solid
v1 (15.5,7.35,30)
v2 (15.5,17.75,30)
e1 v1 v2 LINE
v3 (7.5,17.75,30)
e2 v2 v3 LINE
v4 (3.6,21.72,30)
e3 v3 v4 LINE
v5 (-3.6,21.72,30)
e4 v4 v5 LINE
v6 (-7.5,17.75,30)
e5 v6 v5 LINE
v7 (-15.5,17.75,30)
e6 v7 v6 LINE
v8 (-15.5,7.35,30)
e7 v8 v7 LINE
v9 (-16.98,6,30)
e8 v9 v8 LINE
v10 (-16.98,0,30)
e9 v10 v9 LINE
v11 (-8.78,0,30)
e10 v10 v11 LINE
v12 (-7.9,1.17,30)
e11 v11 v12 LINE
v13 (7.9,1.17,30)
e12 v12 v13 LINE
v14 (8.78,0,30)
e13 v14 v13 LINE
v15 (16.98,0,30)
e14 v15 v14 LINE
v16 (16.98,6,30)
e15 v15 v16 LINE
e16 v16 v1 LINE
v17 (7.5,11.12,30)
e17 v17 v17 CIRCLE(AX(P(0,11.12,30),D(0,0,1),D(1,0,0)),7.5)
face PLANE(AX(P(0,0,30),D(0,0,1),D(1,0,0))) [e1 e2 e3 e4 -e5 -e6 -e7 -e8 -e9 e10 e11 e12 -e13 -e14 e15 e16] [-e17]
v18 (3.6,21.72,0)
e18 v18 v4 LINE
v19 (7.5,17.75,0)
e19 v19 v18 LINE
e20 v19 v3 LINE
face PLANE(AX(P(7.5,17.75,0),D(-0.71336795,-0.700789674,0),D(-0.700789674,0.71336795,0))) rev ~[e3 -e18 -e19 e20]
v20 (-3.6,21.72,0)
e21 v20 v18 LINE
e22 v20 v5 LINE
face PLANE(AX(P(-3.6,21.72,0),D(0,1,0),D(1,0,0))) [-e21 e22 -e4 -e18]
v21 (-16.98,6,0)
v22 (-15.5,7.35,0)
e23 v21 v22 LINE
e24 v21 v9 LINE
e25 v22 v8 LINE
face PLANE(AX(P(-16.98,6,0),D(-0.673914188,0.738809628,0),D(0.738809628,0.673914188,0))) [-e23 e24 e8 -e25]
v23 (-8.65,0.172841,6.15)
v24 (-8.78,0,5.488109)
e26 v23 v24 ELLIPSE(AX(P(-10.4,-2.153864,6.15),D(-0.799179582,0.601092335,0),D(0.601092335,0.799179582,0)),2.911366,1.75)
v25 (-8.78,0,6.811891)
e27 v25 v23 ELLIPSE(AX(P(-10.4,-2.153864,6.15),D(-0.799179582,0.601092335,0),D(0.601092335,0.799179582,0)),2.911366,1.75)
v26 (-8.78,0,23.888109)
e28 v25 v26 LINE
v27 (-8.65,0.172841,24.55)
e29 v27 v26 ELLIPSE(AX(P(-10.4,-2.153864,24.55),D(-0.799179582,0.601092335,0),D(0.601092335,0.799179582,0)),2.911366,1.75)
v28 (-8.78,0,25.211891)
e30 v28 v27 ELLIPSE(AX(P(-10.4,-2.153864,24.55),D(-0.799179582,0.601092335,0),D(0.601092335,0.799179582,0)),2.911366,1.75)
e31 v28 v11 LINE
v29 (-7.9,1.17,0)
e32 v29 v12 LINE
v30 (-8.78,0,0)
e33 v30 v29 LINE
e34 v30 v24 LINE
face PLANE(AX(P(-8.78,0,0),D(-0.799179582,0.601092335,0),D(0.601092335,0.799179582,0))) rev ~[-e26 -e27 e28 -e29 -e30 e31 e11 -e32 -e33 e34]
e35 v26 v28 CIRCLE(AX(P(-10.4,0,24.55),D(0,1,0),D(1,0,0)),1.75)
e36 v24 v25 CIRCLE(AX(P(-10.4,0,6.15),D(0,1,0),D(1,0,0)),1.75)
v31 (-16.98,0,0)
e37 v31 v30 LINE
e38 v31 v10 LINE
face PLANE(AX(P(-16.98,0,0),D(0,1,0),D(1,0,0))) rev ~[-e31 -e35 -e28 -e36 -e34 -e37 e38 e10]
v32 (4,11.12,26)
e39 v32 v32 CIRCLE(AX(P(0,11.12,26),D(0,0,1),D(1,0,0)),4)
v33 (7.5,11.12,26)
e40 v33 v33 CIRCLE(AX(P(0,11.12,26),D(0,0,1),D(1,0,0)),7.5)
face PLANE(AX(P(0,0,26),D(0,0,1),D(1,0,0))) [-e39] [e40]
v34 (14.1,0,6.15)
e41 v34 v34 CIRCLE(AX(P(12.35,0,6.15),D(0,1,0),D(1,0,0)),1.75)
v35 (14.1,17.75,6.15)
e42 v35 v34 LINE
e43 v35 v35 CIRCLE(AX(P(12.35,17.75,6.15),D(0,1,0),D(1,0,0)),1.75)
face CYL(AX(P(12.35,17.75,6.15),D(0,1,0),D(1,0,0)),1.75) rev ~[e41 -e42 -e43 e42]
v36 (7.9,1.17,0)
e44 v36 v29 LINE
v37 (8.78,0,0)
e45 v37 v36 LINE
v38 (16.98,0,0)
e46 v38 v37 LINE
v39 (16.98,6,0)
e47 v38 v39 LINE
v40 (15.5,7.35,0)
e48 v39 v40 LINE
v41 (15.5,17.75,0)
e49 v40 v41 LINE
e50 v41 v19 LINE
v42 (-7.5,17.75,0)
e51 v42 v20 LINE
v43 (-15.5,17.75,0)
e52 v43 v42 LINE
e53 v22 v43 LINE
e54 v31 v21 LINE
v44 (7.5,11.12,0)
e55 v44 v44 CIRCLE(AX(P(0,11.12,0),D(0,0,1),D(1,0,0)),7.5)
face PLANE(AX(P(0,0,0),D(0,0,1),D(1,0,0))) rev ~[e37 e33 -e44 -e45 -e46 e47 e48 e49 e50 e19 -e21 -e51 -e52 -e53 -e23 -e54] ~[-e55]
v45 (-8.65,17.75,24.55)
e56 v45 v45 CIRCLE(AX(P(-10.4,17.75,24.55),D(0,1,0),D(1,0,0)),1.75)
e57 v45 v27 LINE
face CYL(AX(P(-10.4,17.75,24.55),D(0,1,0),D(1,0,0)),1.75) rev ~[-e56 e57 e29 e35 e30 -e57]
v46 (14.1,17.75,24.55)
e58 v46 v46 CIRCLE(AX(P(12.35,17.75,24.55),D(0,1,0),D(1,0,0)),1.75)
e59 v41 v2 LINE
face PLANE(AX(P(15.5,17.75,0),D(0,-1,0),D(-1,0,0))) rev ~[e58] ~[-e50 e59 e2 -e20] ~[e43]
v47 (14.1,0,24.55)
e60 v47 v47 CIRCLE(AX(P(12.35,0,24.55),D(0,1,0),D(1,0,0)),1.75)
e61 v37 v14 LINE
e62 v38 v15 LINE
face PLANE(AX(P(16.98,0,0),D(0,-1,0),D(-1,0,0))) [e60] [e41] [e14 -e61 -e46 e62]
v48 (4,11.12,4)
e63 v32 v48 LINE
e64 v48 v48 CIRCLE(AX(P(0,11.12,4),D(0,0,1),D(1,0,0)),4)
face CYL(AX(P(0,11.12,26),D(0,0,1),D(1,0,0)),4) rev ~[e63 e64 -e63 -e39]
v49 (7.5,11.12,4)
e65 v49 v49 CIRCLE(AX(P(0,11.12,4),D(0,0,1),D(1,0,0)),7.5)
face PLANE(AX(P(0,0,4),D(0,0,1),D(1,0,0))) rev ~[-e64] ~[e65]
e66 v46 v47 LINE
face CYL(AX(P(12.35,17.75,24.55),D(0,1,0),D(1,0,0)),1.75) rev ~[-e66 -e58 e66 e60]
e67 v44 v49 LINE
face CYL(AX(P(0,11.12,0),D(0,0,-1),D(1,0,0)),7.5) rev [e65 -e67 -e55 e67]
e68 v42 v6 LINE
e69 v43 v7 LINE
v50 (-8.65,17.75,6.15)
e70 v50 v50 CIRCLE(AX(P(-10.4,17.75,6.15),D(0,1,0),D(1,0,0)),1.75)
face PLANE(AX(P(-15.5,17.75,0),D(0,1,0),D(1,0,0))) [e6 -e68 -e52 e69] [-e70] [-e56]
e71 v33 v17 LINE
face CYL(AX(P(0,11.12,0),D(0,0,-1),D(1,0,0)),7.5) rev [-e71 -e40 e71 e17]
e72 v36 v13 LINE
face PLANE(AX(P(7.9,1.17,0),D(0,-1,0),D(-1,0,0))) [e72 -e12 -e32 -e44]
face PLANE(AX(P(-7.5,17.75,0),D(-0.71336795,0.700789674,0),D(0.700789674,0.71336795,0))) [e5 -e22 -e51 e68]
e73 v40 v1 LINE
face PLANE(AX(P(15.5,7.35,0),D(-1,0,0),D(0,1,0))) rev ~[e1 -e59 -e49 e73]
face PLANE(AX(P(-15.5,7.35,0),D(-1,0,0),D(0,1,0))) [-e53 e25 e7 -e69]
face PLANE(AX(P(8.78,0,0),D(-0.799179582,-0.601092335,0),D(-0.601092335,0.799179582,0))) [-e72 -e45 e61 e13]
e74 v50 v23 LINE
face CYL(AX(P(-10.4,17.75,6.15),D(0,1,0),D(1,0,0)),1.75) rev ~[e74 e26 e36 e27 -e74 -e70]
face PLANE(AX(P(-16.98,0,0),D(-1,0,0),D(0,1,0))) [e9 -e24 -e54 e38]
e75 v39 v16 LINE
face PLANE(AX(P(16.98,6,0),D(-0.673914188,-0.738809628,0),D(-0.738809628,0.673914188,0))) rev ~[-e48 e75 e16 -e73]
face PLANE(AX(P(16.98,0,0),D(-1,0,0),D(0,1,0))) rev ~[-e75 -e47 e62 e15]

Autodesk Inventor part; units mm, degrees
ref_plane "YZ Plane" through (0, 0, 0) normal (1, 0, 0) x (0, 1, 0)
ref_plane "XZ Plane" through (0, 0, 0) normal (0, 1, 0) x (-1, 0, 0)
sketch "Boceto1" plane through (0, 0, 0) normal (0, 0, 1) x (1, 0, 0)
  line L0 (0, 0) -> (0, 21.3669) construction
  line L1 (-16.98, 0) -> (-16.98, 6)
  line L2 (-16.98, 0) -> (-8.78, 0)
  line L3 (-16.98, 6) -> (-15.5, 7.35)
  line L4 (-8.78, 0) -> (-7.9, 1.17)
  line L5 (-15.5, 7.35) -> (-15.5, 17.75)
  line L6 (0, 0) -> (-2.9907, 0) construction
  line L7 (-7.9, 1.17) -> (0, 1.17)
  line L8 (-15.5, 17.75) -> (-7.5, 17.75)
  line L9 (-7.5, 17.75) -> (-3.6, 21.72)
  line L10 (-3.6, 21.72) -> (0, 21.72)
  circle A0 centre (0, 11.12) radius 7.5
  line L11 (0, 18.62) -> (5.9047, 18.62) construction
  line L12 (16.98, 0) -> (16.98, 6)
  line L13 (16.98, 0) -> (8.78, 0)
  line L14 (16.98, 6) -> (15.5, 7.35)
  line L15 (8.78, 0) -> (7.9, 1.17)
  line L16 (15.5, 7.35) -> (15.5, 17.75)
  line L17 (7.9, 1.17) -> (0, 1.17)
  line L18 (15.5, 17.75) -> (7.5, 17.75)
  line L19 (7.5, 17.75) -> (3.6, 21.72)
  line L20 (3.6, 21.72) -> (0, 21.72)
  dimension "d12" = 15
  dimension "d0" = 16.98
  dimension "d1" = 6
  dimension "d2" = 15.5
  dimension "d4" = 8.2
  dimension "d6" = 17.75
  dimension "d7" = 10.4
  dimension "d8" = 7.9
  dimension "d9" = 7.5
  dimension "d10" = 21.72
  dimension "d11" = 3.6
  dimension "d13" = 3.1
  dimension "d14" = 20.55
extrude "Extrusión1" add sketch "Boceto1" along normal blind 30
sketch "Boceto2" plane through (7.5, 17.75, 0) normal (0, 1, 0) x (1, 0, 0)
  line L0 (1.28, -30) -> (9.48, -30) projected
  line L1 (6.6, -30) -> (6.6, -7.6677) construction
  line L2 (8, 0) -> (8, -30) projected
  line L3 (6.6, -26.3) -> (-1.7379, -26.3) construction
  circle A0 centre (4.85, -24.55) radius 1.75
  line L4 (0.4, 0) -> (0.4, -30) projected
  line L5 (4.85, -22.8) -> (4.85, -7.9) construction
  line L6 (4.85, -7.9) -> (4.85, -6.15) construction
  circle A1 centre (4.85, -6.15) radius 1.75
  line L7 (4.85, -6.15) -> (-16.15, -6.15) construction
  line L8 (-16.15, -6.15) -> (-17.9, -6.15) construction
  circle A2 centre (-17.9, -6.15) radius 1.75
  line L9 (4.85, -24.55) -> (-17.9, -24.55) construction
  line L10 (-17.9, -24.55) -> (-17.9, -6.15) construction
  circle A3 centre (-17.9, -24.55) radius 1.75
  point P0 (-7.5, 0)
  dimension "d19" = 3.5
  dimension "d17" = 1.4
  dimension "d18" = 3.7
  dimension "d20" = 14.9
  dimension "d21" = 1.75
  dimension "d22" = 3.15
  dimension "d23" = 21
  dimension "d24" = 1.75
  dimension "d25" = 3.5
extrude "Extrusión2" cut sketch "Boceto2" against normal up to surface (17.75 mm away)
ref_plane "Plano de trabajo1" through (0, 0, 26) normal (0, 0, 1) x (1, 0, 0)
sketch "Boceto3" plane through (0, 0, 26) normal (0, 0, 1) x (1, 0, 0)
  circle A0 centre (0, 11.12) radius 7.5 projected
  circle A1 centre (0, 11.12) radius 4
  circle A2 centre (0, 11.12) radius 7.5
  point P0 (0, 0)
  dimension "d29" = 8
extrude "Extrusión3" add sketch "Boceto3" against normal blind 22
properties part number "002" material "Steel"
